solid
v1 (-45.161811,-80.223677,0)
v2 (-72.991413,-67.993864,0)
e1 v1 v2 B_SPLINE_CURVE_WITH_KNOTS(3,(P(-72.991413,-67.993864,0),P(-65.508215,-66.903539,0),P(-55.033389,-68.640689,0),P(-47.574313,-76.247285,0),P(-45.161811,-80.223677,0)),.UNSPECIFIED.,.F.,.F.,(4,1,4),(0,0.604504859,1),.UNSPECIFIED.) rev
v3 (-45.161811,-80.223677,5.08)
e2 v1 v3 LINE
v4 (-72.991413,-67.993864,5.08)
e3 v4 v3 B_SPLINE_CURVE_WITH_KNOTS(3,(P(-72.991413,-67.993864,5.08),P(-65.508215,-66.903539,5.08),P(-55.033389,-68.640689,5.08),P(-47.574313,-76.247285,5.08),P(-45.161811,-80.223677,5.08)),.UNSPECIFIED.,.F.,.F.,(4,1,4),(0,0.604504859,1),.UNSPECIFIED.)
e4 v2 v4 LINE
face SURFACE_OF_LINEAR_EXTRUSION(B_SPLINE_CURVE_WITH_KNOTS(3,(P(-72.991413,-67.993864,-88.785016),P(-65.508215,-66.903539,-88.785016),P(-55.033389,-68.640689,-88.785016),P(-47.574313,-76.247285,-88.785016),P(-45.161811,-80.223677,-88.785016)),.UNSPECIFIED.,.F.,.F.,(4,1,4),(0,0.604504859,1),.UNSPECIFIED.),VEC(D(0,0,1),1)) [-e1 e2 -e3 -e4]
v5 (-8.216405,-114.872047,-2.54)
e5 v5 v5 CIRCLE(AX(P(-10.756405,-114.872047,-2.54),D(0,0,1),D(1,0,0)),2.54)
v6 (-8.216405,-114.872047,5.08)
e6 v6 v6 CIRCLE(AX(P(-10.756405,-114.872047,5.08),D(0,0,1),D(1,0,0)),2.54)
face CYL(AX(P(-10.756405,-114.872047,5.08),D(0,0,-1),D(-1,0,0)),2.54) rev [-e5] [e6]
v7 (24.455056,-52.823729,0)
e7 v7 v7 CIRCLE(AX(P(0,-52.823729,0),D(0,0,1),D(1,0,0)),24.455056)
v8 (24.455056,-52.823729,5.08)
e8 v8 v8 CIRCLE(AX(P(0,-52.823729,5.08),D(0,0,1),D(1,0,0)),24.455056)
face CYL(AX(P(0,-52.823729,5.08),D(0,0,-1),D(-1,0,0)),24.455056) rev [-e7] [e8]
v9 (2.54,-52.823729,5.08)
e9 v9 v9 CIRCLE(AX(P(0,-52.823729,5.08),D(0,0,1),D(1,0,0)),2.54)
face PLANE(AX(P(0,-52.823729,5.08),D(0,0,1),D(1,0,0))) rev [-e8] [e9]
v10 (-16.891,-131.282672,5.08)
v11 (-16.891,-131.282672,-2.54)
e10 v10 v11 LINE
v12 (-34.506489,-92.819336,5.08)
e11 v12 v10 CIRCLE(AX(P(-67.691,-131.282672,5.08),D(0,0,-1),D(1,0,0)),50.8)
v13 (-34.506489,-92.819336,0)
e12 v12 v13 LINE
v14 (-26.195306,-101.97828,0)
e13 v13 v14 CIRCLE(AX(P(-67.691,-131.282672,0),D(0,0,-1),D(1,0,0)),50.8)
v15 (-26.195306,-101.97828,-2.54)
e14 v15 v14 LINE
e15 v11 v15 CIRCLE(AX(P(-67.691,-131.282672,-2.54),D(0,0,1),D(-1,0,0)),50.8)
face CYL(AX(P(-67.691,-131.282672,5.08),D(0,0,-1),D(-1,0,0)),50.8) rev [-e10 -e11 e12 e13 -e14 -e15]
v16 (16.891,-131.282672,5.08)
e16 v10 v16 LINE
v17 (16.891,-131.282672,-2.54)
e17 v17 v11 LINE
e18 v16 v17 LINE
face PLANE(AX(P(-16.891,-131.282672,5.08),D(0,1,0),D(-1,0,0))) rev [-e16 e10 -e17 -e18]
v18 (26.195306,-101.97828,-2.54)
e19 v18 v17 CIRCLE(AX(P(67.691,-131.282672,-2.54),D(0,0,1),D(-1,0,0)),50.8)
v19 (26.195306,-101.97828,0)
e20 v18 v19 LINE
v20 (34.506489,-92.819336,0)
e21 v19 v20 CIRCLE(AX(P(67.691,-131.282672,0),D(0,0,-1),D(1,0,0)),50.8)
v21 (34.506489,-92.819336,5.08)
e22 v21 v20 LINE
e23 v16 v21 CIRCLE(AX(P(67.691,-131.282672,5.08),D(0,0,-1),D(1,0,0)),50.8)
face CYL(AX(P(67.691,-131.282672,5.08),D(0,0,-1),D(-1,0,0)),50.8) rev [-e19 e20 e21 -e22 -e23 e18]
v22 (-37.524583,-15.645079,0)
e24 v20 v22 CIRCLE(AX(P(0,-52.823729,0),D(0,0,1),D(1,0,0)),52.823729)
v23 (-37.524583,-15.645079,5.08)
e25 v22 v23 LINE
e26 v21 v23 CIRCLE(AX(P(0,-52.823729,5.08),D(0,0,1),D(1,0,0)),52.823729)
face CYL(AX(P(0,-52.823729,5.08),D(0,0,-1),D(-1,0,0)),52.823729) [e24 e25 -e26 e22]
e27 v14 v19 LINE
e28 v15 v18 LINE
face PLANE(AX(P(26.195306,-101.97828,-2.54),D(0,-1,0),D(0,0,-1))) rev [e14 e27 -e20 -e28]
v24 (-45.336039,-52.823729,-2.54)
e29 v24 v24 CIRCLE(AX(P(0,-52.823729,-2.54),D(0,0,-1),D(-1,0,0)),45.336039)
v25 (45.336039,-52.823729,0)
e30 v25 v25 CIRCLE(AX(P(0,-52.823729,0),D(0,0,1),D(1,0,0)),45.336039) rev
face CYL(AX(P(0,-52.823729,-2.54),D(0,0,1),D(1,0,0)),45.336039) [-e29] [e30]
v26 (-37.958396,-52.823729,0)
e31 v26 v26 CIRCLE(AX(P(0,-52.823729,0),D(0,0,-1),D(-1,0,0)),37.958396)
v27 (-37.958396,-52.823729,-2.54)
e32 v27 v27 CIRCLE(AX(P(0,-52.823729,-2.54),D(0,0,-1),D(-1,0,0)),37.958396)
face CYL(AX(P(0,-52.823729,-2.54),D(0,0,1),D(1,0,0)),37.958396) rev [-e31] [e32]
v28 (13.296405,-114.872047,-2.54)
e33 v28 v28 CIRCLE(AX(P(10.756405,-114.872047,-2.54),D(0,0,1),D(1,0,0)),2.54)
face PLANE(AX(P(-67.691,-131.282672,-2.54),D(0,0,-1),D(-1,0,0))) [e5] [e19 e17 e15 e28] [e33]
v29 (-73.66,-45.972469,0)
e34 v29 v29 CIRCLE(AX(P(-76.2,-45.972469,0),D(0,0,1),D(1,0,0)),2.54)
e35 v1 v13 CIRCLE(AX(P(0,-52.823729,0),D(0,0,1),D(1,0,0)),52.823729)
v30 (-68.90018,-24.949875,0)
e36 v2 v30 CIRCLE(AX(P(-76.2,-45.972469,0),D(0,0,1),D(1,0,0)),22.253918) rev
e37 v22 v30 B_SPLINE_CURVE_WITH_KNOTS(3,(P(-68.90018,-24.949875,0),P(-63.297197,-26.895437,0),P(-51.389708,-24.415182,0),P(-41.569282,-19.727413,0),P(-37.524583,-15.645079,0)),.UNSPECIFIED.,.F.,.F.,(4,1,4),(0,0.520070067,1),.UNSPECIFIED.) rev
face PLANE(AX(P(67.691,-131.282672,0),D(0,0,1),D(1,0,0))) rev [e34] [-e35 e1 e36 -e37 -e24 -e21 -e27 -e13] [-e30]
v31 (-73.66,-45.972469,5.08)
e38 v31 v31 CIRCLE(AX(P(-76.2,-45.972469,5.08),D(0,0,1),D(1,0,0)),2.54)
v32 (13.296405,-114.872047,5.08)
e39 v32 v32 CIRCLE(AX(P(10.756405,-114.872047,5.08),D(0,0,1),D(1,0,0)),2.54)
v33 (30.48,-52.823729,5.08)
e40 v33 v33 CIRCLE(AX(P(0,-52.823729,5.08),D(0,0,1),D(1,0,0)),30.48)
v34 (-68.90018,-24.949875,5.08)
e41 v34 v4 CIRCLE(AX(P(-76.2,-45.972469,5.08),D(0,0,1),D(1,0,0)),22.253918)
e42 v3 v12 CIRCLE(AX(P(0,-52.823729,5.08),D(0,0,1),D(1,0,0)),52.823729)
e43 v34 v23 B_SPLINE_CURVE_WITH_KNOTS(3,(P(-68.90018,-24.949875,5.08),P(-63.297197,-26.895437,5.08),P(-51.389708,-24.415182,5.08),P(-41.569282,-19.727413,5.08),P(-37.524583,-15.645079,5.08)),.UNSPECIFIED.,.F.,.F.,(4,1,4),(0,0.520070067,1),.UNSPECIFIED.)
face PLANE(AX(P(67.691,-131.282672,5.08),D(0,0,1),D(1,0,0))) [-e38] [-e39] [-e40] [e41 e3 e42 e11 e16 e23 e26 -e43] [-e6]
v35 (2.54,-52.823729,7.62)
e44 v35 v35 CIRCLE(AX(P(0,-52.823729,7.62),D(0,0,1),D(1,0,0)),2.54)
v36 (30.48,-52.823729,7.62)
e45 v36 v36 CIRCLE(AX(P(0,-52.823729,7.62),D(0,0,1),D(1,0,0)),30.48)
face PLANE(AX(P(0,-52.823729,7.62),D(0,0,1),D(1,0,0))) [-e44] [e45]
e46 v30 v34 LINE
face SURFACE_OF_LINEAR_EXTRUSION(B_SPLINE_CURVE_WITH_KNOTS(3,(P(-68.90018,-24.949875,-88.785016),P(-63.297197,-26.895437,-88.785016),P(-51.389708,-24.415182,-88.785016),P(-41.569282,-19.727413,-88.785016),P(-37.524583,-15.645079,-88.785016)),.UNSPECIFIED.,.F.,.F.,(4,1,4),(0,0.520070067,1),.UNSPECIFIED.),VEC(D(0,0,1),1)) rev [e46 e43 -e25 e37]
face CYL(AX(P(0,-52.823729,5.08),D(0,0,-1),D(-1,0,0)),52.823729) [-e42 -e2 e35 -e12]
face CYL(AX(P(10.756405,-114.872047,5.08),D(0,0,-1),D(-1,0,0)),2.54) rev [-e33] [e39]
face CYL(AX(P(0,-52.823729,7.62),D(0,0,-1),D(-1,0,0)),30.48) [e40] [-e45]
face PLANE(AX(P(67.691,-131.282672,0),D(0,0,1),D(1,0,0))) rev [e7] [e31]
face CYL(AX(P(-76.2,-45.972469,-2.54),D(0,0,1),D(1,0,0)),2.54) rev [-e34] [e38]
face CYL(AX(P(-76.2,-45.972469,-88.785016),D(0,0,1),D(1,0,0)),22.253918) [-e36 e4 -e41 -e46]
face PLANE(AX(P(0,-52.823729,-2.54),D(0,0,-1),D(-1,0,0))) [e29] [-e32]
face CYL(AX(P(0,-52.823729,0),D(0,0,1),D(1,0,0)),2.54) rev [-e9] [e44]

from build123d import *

# Parameters (mm, degrees)
SKETCH1_R           = 24.455055929
SKETCH1_R_2         = 2.54
BOSS_EXTRUDE1_DEPTH = 5.08
SKETCH4_R           = 30.48
BOSS_EXTRUDE3_DEPTH = 2.54
SKETCH5_R           = 2.54
CUT_EXTRUDE2_DEPTH  = 8.62
SKETCH6_R           = 45.336039437
SKETCH6_R_2         = 37.958395775
BOSS_EXTRUDE4_DEPTH = 2.54
SKETCH7_R           = 2.54
CUT_EXTRUDE3_DEPTH  = 3.54
BOSS_EXTRUDE6_DEPTH = 5.08
SKETCH11_R          = 2.54
CUT_EXTRUDE4_DEPTH  = 8.62


with BuildPart() as part:
    # Sketch1 → Boss-Extrude1 (new body)
    with BuildSketch(Plane.XY):
        with BuildLine():
            Line((-16.891, -131.282672274), (16.891, -131.282672274))
            ThreePointArc((16.891, -131.282672274), (21.504350582, -110.13005032), (34.5064888, -92.819336271))
            ThreePointArc((34.5064888, -92.819336271), (0, 0), (-34.5064888, -92.819336271))
            ThreePointArc((-34.5064888, -92.819336271), (-21.504350582, -110.13005032), (-16.891, -131.282672274))
        make_face()
        with Locations((0, -52.823729134)):
            Circle(SKETCH1_R, mode=Mode.SUBTRACT)
        with Locations((-10.756405179, -114.872047193)):
            Circle(SKETCH1_R_2, mode=Mode.SUBTRACT)
        with Locations((10.756405179, -114.872047193)):
            Circle(SKETCH1_R_2, mode=Mode.SUBTRACT)
    extrude(amount=BOSS_EXTRUDE1_DEPTH)

    # Sketch4 → Boss-Extrude3 (add)
    with BuildSketch(Plane.XY.offset(5.08)):
        with Locations((0, -52.823729134)):
            Circle(SKETCH4_R)
    extrude(amount=BOSS_EXTRUDE3_DEPTH)

    # Sketch5 → Cut-Extrude2 (cut, through all)
    with BuildSketch(Plane.XY.offset(7.62)):
        with Locations((0, -52.823729134)):
            Circle(SKETCH5_R)
    extrude(amount=-CUT_EXTRUDE2_DEPTH, mode=Mode.SUBTRACT)

    # Sketch6 → Boss-Extrude4 (add)
    with BuildSketch(Plane(origin=(0, 0, 0), x_dir=(-1, 0, 0), z_dir=(0, 0, -1))):
        with Locations((0, -52.823729134)):
            Circle(SKETCH6_R)
        with Locations((0, -52.823729134)):
            Circle(SKETCH6_R_2, mode=Mode.SUBTRACT)
        with BuildLine():
            Line((16.891, -131.282672274), (-16.891, -131.282672274))
            ThreePointArc((-16.891, -131.282672274), (-19.272918471, -115.909664076), (-26.19530634, -101.978279981))
            Line((-26.19530634, -101.978279981), (26.19530634, -101.978279981))
            ThreePointArc((26.19530634, -101.978279981), (19.272918471, -115.909664076), (16.891, -131.282672274))
        make_face()
    extrude(amount=BOSS_EXTRUDE4_DEPTH)

    # Sketch7 → Cut-Extrude3 (cut, through all)
    with BuildSketch(Plane.XY):
        with Locations((-10.756405179, -114.872047193)):
            Circle(SKETCH7_R)
        with Locations((10.756405179, -114.872047193)):
            Circle(SKETCH7_R)
    extrude(amount=-CUT_EXTRUDE3_DEPTH, mode=Mode.SUBTRACT)

    # Sketch10 → Boss-Extrude6 (add)
    with BuildSketch(Plane.XY.offset(5.08)):
        with BuildLine():
            add(Edge.make_bspline(
                [(-68.900180003, -24.949874899), (-63.297197231, -26.895437115), (-51.389708048, -24.415182371), (-41.569282444, -19.727412804), (-37.524583334, -15.645079276)],
                knots=[0, 0, 0, 0, 0.520070067, 1, 1, 1, 1], degree=3))
            ThreePointArc((-68.900180003, -24.949874899), (-98.354072, -43.866775297), (-72.9914133, -67.993864183))
            add(Edge.make_bspline(
                [(-72.9914133, -67.993864183), (-65.508215076, -66.903538588), (-55.033388576, -68.640688731), (-47.574313167, -76.247284621), (-45.161811227, -80.223677424)],
                knots=[0, 0, 0, 0, 0.604504859, 1, 1, 1, 1], degree=3))
            ThreePointArc((-45.161811227, -80.223677424), (-52.45816234, -46.619894549), (-37.524583334, -15.645079276))
        make_face()
    extrude(amount=-BOSS_EXTRUDE6_DEPTH)

    # Sketch11 → Cut-Extrude4 (cut, through all)
    with BuildSketch(Plane.XY.offset(5.08)):
        with Locations((-76.2, -45.972469461)):
            Circle(SKETCH11_R)
    extrude(amount=-CUT_EXTRUDE4_DEPTH, mode=Mode.SUBTRACT)


solid = part.part
